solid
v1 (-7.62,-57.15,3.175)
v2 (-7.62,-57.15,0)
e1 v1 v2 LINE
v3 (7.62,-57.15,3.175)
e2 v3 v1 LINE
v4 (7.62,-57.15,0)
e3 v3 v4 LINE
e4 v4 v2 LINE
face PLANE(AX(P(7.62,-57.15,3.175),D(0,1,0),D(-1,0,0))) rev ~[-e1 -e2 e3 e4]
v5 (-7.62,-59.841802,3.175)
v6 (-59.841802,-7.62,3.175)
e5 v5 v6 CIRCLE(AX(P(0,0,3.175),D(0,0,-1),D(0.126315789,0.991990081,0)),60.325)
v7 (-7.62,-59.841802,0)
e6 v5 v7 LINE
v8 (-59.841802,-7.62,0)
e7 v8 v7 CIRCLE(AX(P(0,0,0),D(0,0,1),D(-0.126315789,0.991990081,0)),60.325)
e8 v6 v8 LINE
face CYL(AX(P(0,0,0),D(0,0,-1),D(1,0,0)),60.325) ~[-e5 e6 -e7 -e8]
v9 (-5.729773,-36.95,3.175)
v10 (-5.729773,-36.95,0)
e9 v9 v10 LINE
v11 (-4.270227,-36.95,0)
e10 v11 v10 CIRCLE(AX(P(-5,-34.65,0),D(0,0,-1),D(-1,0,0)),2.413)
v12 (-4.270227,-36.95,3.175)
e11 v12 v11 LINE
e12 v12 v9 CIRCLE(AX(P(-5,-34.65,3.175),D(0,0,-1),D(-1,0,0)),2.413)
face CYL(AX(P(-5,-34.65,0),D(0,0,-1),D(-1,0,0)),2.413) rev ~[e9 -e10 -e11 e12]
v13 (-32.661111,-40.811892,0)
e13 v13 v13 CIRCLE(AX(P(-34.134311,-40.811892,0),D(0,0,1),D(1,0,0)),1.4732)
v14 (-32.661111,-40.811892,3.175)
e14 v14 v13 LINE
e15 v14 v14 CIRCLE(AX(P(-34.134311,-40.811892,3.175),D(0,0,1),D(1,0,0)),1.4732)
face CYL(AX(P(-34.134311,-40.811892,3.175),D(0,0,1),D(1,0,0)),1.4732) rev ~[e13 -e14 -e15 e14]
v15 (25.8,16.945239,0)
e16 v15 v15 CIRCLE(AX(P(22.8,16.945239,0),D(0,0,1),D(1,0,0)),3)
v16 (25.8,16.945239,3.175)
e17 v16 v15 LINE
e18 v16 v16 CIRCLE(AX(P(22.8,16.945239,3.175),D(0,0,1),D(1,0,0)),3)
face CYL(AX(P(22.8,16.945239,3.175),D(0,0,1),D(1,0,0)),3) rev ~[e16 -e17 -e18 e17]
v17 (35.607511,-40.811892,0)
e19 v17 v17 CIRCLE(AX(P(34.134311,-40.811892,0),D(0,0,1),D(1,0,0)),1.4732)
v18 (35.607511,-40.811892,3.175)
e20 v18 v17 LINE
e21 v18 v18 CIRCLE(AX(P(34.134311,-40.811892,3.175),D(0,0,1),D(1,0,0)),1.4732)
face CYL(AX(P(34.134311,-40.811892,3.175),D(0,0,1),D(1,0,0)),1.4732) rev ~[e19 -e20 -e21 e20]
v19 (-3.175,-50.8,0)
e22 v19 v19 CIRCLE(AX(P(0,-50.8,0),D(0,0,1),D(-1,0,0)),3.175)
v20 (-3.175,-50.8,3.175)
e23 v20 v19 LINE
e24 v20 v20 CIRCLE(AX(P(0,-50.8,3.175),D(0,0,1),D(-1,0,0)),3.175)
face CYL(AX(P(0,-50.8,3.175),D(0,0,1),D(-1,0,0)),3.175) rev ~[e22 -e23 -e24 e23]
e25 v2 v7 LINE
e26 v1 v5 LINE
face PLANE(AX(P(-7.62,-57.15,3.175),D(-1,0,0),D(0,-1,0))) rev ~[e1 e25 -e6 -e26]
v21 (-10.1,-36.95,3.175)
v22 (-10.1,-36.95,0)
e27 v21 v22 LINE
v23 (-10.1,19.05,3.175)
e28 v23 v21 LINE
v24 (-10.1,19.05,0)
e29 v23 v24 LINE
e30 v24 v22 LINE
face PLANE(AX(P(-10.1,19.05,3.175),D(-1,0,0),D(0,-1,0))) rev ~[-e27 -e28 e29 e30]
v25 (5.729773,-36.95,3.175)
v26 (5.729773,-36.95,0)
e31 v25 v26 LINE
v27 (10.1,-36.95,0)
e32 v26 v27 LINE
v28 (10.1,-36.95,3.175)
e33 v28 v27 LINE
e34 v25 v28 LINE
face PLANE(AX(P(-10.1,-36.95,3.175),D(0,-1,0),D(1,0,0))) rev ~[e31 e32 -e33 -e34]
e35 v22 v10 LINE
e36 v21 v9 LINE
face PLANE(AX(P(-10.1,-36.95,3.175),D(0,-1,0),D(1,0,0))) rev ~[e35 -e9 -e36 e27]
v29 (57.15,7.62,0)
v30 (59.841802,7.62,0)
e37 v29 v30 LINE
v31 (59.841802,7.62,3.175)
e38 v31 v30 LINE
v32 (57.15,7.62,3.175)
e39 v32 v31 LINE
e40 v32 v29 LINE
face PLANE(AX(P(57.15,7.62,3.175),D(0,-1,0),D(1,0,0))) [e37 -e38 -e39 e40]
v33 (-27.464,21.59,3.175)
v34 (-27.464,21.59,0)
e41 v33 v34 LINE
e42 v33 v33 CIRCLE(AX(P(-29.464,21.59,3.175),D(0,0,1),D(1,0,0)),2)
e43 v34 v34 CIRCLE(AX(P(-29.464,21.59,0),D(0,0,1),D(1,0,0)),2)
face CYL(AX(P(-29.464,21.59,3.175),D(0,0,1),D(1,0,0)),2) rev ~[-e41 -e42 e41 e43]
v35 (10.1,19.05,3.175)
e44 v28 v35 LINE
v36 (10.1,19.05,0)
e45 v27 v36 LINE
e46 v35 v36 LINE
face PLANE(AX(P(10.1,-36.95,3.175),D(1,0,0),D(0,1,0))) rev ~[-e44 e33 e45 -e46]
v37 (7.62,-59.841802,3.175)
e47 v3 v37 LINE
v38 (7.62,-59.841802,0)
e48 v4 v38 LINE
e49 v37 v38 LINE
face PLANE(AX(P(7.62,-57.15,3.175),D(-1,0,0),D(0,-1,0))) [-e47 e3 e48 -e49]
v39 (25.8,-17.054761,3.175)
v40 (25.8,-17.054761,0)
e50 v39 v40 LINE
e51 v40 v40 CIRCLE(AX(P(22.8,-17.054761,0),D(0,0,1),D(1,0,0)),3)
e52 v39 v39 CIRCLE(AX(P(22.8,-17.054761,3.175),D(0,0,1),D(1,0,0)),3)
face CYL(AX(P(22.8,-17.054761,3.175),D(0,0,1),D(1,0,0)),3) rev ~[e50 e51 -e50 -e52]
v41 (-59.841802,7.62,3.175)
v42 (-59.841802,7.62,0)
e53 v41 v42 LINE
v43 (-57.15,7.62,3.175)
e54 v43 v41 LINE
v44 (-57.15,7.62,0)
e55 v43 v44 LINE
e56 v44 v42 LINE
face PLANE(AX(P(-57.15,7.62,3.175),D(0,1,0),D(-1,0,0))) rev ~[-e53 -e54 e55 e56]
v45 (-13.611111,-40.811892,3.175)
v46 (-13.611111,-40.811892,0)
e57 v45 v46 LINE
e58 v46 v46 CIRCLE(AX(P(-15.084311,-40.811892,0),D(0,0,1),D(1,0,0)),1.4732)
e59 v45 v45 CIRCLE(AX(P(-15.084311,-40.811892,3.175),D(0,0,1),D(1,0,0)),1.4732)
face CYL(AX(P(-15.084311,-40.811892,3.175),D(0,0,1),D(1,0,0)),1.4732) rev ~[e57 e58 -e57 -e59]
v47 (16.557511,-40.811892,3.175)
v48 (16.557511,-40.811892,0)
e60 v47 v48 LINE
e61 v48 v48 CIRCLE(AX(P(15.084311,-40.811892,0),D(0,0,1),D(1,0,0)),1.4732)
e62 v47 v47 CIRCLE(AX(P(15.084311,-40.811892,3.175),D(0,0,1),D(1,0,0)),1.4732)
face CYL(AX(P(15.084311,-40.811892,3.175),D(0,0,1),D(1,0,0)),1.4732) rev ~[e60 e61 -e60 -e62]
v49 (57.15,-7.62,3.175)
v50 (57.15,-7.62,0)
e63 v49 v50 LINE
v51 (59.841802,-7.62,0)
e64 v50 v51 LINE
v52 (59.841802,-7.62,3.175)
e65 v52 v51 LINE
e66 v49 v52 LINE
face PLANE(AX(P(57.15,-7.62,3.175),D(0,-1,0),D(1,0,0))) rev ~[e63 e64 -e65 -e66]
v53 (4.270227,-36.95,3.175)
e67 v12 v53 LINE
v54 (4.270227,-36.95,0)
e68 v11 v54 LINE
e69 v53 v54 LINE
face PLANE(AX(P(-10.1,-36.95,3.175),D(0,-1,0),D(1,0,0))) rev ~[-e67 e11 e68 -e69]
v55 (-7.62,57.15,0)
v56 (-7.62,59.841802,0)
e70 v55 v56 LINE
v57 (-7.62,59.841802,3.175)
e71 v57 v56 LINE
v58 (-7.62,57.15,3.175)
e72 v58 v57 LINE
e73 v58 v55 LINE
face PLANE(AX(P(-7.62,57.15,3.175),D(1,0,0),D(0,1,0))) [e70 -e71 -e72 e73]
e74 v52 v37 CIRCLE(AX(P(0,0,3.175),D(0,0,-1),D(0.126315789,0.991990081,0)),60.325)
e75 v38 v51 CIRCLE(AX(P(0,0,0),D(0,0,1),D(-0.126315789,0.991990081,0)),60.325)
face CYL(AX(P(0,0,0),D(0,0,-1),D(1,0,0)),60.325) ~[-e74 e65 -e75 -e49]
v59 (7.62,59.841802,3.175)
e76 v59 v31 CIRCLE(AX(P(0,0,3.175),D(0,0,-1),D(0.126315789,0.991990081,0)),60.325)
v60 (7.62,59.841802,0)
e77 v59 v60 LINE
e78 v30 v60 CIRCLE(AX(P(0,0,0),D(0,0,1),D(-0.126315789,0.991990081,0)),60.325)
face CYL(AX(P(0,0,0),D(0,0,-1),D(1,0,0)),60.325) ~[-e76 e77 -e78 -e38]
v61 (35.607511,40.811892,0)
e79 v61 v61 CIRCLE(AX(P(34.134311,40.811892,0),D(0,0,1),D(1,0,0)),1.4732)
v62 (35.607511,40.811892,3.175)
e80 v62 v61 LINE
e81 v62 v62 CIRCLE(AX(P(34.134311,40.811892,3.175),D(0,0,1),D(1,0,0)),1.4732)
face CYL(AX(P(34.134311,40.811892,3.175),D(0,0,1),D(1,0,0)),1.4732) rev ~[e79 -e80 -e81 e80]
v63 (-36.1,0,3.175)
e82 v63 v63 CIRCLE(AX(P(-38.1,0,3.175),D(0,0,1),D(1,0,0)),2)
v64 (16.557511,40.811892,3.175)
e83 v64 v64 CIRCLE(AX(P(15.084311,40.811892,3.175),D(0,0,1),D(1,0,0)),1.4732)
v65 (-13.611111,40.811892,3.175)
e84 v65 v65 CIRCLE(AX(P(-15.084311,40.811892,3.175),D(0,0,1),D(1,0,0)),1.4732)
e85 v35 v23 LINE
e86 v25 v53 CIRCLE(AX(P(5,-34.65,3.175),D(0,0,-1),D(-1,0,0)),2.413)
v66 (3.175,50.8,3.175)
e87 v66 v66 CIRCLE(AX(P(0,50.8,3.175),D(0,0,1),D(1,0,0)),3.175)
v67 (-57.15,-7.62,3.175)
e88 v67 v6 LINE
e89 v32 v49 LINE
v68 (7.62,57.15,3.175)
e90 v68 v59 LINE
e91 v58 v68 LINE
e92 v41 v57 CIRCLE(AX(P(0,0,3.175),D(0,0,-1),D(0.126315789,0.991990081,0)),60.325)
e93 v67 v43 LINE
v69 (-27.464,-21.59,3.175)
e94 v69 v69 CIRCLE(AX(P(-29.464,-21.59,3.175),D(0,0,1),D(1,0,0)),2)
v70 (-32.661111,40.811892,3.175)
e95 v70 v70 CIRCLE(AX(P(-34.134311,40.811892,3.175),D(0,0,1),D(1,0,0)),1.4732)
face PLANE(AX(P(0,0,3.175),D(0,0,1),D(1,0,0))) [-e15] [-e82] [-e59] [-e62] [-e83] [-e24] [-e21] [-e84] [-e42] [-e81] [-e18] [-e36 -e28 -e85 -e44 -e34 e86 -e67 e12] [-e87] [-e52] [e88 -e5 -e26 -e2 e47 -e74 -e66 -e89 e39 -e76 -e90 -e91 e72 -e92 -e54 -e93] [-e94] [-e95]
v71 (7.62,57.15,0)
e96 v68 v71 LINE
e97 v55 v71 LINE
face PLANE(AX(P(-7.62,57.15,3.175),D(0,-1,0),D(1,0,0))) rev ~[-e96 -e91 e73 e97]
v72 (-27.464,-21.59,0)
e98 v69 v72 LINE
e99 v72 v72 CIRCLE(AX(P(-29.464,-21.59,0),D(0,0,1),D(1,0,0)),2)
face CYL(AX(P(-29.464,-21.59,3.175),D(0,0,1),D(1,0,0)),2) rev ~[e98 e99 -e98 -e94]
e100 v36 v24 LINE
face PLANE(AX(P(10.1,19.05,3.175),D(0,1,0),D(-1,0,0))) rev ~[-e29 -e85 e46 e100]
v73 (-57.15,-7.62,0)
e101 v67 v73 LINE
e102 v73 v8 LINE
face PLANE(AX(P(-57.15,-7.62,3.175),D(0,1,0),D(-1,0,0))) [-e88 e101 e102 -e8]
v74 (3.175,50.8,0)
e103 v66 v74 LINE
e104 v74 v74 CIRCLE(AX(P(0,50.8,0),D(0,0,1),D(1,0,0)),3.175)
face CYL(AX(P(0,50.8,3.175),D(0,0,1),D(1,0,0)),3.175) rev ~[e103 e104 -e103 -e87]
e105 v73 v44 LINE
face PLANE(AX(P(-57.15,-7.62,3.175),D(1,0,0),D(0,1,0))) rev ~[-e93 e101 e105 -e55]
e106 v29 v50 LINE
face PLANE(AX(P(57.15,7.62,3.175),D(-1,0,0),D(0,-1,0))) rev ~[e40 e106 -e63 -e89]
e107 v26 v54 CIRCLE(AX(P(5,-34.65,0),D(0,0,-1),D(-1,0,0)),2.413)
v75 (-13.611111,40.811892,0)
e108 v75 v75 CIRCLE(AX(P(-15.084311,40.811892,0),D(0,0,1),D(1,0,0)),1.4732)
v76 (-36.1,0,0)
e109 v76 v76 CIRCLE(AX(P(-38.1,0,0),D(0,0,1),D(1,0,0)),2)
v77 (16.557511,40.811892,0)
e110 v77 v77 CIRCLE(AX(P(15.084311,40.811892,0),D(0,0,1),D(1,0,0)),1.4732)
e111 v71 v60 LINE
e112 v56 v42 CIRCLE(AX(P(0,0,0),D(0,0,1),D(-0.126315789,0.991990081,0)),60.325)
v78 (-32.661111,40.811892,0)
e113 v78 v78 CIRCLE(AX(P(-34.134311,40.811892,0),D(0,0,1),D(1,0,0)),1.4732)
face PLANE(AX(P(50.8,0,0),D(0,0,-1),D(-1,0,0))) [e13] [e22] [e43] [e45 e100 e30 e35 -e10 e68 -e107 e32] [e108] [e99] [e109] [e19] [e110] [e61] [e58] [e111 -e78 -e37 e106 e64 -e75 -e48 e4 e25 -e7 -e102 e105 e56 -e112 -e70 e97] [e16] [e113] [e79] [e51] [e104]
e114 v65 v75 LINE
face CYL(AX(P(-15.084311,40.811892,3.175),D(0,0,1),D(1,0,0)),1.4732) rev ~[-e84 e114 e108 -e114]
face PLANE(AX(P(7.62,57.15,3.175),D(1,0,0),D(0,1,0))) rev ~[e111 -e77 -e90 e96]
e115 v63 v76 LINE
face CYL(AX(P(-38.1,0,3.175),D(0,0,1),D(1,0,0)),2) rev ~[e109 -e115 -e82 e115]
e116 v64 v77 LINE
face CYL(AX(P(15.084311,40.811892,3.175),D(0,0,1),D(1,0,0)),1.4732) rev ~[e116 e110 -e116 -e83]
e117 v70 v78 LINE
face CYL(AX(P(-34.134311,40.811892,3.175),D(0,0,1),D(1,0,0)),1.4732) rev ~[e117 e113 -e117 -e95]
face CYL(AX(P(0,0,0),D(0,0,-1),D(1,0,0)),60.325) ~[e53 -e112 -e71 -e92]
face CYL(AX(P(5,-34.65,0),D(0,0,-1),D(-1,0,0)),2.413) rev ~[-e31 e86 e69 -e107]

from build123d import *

# Parameters (mm, degrees)
SKETCH1_R           = 60.325
BOSS_EXTRUDE1_DEPTH = 3.175
SKETCH2_R           = 3.175
SKETCH2_W           = 15.24
SKETCH2_H           = 6.35
CUT_EXTRUDE1_DEPTH  = 3.175
CIRPATTERN1_COUNT   = 4
SKETCH3_R           = 2
SKETCH3_R_2         = 3
CUT_EXTRUDE2_DEPTH  = 3.175
SKETCH4_R           = 2.413
CUT_EXTRUDE3_DEPTH  = 3.175
SKETCH5_R           = 3.175
BOSS_EXTRUDE2_DEPTH = 3.175
SKETCH6_R           = 1.4732
CUT_EXTRUDE4_DEPTH  = 4.175


with BuildPart() as part:
    # Sketch1 → Boss-Extrude1 (new body)
    with BuildSketch(Plane.XY):
        Circle(SKETCH1_R)
    extrude(amount=BOSS_EXTRUDE1_DEPTH)

    # Sketch2 → Cut-Extrude1 (cut)
    with BuildSketch(Plane.XY.offset(3.175)):
        with Locations((0, 50.8)):
            Circle(SKETCH2_R)
        with Locations((0, 60.325)):
            Rectangle(SKETCH2_W, SKETCH2_H)
    cut_extrude1 = extrude(amount=-CUT_EXTRUDE1_DEPTH, mode=Mode.SUBTRACT)

    # CirPattern1: Cut-Extrude1 ×4 about axis
    cirpattern1_axis = Axis((0, 0, 0), (0, 0, 1))
    for i in range(1, CIRPATTERN1_COUNT):
        add(cut_extrude1.rotate(cirpattern1_axis, i * 360 / CIRPATTERN1_COUNT), mode=Mode.SUBTRACT)

    # Sketch3 → Cut-Extrude2 (cut)
    with BuildSketch(Plane.XY.offset(3.175)):
        with Locations((-38.1, 0)):
            Circle(SKETCH3_R)
        with Locations((-29.464, 21.59)):
            Circle(SKETCH3_R)
        with Locations((-29.464, -21.59)):
            Circle(SKETCH3_R)
        with Locations((22.8, 16.945239473)):
            Circle(SKETCH3_R_2)
        with Locations((22.8, -17.054760527)):
            Circle(SKETCH3_R_2)
        Polygon((-10.1, 19.05), (-10.1, -35.95), (-10.1, -36.95), (-9.1, -36.95), (9.1, -36.95), (10.1, -36.95), (10.1, -35.95), (10.1, 2.35), (10.1, 19.05), align=None)
    extrude(amount=-CUT_EXTRUDE2_DEPTH, mode=Mode.SUBTRACT)

    # Sketch4 → Cut-Extrude3 (cut)
    with BuildSketch(Plane(origin=(0, 0, 0), x_dir=(-1, 0, 0), z_dir=(0, 0, -1))):
        with Locations((5, -34.65)):
            Circle(SKETCH4_R)
        with Locations((-5, -34.65)):
            Circle(SKETCH4_R)
        with Locations((-5, 13.35)):
            Circle(SKETCH4_R)
        with Locations((5, 13.35)):
            Circle(SKETCH4_R)
    extrude(amount=-CUT_EXTRUDE3_DEPTH, mode=Mode.SUBTRACT)

    # Sketch5 → Boss-Extrude2 (add)
    with BuildSketch(Plane(origin=(0, 0, 0), x_dir=(-1, 0, 0), z_dir=(0, 0, -1))):
        with Locations((-50.8, 0)):
            Circle(SKETCH5_R)
        with Locations((50.8, 0)):
            Circle(SKETCH5_R)
    extrude(amount=-BOSS_EXTRUDE2_DEPTH)

    # Sketch6 → Cut-Extrude4 (cut, through all)
    with BuildSketch(Plane.XY.offset(3.175)):
        with Locations((15.084311186, 40.81189221)):
            Circle(SKETCH6_R)
        with Locations((34.134311186, 40.81189221)):
            Circle(SKETCH6_R)
        with Locations((34.134311186, -40.81189221)):
            Circle(SKETCH6_R)
        with Locations((15.084311186, -40.81189221)):
            Circle(SKETCH6_R)
        with Locations((-15.084311186, -40.81189221)):
            Circle(SKETCH6_R)
        with Locations((-34.134311186, -40.81189221)):
            Circle(SKETCH6_R)
        with Locations((-34.134311186, 40.81189221)):
            Circle(SKETCH6_R)
        with Locations((-15.084311186, 40.81189221)):
            Circle(SKETCH6_R)
    extrude(amount=-CUT_EXTRUDE4_DEPTH, mode=Mode.SUBTRACT)


solid = part.part
